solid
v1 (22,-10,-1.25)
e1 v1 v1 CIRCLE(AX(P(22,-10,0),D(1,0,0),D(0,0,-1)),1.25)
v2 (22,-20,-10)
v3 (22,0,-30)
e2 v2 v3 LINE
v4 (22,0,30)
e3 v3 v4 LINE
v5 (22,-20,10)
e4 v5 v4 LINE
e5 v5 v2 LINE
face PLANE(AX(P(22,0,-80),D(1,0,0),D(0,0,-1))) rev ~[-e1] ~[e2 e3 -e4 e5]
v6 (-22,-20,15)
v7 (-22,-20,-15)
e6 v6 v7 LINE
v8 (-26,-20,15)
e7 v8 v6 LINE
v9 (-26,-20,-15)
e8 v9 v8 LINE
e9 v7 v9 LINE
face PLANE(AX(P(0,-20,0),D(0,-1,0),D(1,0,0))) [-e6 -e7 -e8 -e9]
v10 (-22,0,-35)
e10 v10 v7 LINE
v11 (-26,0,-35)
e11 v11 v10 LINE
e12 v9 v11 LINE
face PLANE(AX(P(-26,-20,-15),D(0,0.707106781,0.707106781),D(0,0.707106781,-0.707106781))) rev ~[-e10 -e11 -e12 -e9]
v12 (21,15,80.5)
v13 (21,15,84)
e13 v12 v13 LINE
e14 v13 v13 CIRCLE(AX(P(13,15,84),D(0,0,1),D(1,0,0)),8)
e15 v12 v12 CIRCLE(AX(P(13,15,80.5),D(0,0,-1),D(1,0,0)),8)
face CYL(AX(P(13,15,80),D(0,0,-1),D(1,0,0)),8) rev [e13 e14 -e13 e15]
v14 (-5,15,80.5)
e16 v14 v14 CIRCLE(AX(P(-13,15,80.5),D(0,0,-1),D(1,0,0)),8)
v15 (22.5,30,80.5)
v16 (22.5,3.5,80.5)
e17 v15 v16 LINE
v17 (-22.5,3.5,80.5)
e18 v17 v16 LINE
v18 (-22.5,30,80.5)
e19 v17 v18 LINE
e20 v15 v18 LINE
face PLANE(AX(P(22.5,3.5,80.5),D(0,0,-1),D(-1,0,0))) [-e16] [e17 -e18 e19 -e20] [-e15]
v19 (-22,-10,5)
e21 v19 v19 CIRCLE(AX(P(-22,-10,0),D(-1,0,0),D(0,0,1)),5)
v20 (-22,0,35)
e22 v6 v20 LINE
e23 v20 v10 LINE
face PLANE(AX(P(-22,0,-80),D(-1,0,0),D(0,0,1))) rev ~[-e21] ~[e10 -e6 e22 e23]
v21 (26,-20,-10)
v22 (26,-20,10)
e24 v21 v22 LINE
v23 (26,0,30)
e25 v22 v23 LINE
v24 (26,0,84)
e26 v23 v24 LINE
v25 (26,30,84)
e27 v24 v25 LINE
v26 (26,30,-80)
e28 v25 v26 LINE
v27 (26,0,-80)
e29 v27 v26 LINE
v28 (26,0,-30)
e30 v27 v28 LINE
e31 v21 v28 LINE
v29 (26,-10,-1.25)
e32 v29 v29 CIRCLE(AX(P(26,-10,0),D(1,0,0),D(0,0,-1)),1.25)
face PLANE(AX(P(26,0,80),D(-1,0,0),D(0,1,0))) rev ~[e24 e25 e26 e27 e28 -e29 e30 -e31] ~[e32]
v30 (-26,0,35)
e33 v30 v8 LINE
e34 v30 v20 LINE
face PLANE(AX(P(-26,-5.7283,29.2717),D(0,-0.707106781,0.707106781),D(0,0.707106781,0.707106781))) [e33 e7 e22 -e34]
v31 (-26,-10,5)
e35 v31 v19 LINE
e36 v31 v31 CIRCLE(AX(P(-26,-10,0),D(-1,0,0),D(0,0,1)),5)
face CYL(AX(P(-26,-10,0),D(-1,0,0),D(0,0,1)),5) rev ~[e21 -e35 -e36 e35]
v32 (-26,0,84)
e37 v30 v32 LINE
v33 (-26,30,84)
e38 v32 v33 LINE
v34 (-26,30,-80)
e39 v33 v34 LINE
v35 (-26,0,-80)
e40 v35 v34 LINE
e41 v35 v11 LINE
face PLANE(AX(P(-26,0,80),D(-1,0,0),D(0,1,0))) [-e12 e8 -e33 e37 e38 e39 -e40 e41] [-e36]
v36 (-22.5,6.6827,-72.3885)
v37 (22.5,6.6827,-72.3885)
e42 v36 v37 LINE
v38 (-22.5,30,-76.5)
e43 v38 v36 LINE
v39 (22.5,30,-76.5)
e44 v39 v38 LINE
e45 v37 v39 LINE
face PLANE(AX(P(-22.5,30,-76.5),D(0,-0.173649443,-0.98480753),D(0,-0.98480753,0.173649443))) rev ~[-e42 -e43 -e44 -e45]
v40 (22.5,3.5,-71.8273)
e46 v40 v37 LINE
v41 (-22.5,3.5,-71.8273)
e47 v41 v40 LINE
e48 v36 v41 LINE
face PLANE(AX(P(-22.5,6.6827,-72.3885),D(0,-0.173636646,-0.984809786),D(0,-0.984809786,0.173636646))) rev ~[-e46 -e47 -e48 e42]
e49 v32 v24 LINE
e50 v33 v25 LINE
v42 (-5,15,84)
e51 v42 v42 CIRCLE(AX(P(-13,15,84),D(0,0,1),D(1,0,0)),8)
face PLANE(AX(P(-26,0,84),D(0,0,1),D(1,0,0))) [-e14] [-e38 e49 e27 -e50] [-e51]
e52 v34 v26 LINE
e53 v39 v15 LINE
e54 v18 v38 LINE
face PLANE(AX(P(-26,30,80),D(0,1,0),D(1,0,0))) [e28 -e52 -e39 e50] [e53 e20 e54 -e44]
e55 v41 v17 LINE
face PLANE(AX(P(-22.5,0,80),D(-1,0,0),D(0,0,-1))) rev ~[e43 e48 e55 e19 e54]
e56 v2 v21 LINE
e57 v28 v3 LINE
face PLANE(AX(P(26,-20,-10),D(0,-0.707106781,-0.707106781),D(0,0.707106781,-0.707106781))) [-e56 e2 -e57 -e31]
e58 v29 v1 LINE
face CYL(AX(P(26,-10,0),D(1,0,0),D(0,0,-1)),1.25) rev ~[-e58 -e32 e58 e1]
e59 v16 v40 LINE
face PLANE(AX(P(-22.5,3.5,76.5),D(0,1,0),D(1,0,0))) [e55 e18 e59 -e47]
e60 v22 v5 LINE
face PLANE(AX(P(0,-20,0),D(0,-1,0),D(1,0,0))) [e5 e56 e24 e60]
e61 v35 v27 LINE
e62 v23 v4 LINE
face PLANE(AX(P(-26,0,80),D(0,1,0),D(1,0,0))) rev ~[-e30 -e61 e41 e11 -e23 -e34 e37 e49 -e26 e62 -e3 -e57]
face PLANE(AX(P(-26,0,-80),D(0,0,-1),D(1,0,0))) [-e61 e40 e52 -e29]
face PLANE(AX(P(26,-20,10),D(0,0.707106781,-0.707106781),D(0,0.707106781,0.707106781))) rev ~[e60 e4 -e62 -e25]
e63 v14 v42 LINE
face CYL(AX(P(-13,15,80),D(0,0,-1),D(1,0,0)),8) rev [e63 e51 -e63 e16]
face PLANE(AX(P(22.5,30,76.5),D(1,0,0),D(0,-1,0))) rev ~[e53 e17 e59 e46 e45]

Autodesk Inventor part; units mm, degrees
ref_plane "YZ Plane" through (0, 0, 0) normal (1, 0, 0) x (0, 1, 0)
ref_plane "XZ Plane" through (0, 0, 0) normal (0, 1, 0) x (-1, 0, 0)
ref_plane "XY Plane" through (0, 0, 0) normal (0, 0, 1) x (1, 0, 0)
sketch "Szkic1" plane through (0, 0, 0) normal (0, 1, 0) x (-1, 0, 0)
  line L0 (-26, 80) -> (26, 80)
  line L1 (26, 80) -> (26, -80)
  line L2 (26, -80) -> (-26, -80)
  line L3 (-26, -80) -> (-26, 80)
  line L4 (-26, 80) -> (26, -80) construction
  line L5 (26, 80) -> (-26, -80) construction
  point P0 (0, 0)
  dimension "d0" = 52
  dimension "d1" = 160
extrude "Wyciągnięcie proste1" add sketch "Szkic1" along normal blind 30
shell "Skorupa1" thickness 3.5 removed faces 1 at (8.6667, 30, 26.6667)
sketch "Szkic3" plane through (-26, 0, 80) normal (0, 0, 1) x (1, 0, 0)
  line L0 (52, 0) -> (52, 30) projected
  line L1 (0, 0) -> (52, 0)
  line L2 (52, 0) -> (52, 30)
  line L3 (52, 30) -> (0, 30)
  line L4 (0, 30) -> (0, 0)
  line L5 (52, 0) -> (0, 0) projected
  line L6 (52, 30) -> (0, 30) projected
  line L7 (48.5, 0) -> (3.5, 0)
  line L8 (3.5, 0) -> (3.5, 30)
  line L9 (3.5, 30) -> (48.5, 30)
  line L10 (48.5, 30) -> (48.5, 0)
  line L11 (3.5, 25) -> (48.5, 25)
  line L12 (48.5, 25) -> (48.5, 5)
  line L13 (48.5, 5) -> (3.5, 5)
  line L14 (3.5, 5) -> (3.5, 25)
  circle A0 centre (13, 15) radius 8
  circle A1 centre (39, 15) radius 8
  point P0 (26, 0)
  point P1 (3.5, 15)
  dimension "d7" = 52
  dimension "d8" = 30
  dimension "d9" = 3.5
  dimension "d10" = 3.5
  dimension "d11" = 45
  dimension "d12" = 45
  dimension "d13" = 20
  dimension "d14" = 5
  dimension "d15" = 16
  dimension "d16" = 16
  dimension "d17" = 26
  dimension "d18" = 10
  dimension "d19" = 9.5
extrude "Wyciągnięcie proste2" cut sketch "Szkic3" against normal up to next contours A0 | A1
sketch "Szkic4" plane through (-26, 0, 80) normal (0, 0, 1) x (1, 0, 0)
  line L0 (0, 0) -> (0, 30) projected
  line L1 (0, 30) -> (52, 30) projected
  line L2 (0, 0) -> (52, 0)
  line L3 (52, 0) -> (52, 30)
  line L4 (52, 30) -> (0, 30)
  line L5 (0, 30) -> (0, 0)
  circle A0 centre (13, 15) radius 8 projected
  circle A1 centre (13, 15) radius 8
  circle A2 centre (39, 15) radius 8 projected
  circle A3 centre (39, 15) radius 8
  point P0 (26, 0)
  point P1 (47, 22.5)
extrude "Wyciągnięcie proste3" add sketch "Szkic4" along normal blind 4
sketch "Szkic8" plane through (0, 0, 0) normal (0, -1, 0) x (1, 0, 0)
  line L0 (26, 10) -> (22, 10)
  line L1 (22, 10) -> (22, -10)
  line L2 (22, -10) -> (26, -10)
  line L3 (26, -10) -> (26, 10)
  line L4 (26, -80) -> (26, 84) projected
  point P0 (0, 0)
  point P1 (26, 0)
  point P2 (26, 2)
  dimension "d46" = 20
  dimension "d47" = 4
extrude "Wyciągnięcie proste6" add sketch "Szkic8" along normal blind 20
sketch "Szkic11" plane through (0, 0, 0) normal (0, -1, 0) x (1, 0, 0)
  line L0 (-26, -80) -> (-26, 84) projected
  line L1 (-26, 15) -> (-22, 15)
  line L2 (-22, 15) -> (-22, -15)
  line L3 (-22, -15) -> (-26, -15)
  line L4 (-26, -15) -> (-26, 15)
  point P0 (0, 0)
  dimension "d55" = 4
  dimension "d56" = 30
  dimension "d57" = 15
extrude "Wyciągnięcie proste8" add sketch "Szkic11" along normal blind 20
sketch "Szkic12" plane through (-26, 0, -80) normal (-1, 0, 0) x (0, 0, 1)
  circle A0 centre (80, -10) radius 5
  line L0 (95, 0) -> (95, -20) projected
  line L1 (95, -20) -> (65, -20) projected
  point P0 (80, 0)
  dimension "d60" = 10
  dimension "d61" = 15
  dimension "d62" = 10
extrude "Wyciągnięcie proste9" cut sketch "Szkic12" against normal blind 20
sketch "Szkic13" plane through (-26, 0, -80) normal (-1, 0, 0) x (0, 0, 1)
  line L0 (95, -20) -> (65, -20) projected
  line L1 (95, -20) -> (109.2717, -5.7283)
  line L2 (95, -20) -> (115.1833, -20) construction
  line L3 (109.2717, -5.7283) -> (115, 0)
  line L4 (95, 0) -> (164, 0) projected
  line L5 (95, 0) -> (95, -20) projected
  line L6 (95, 0) -> (95, -20)
  line L7 (65, 0) -> (65, -20) projected
  line L8 (65, -20) -> (48.9371, -3.9371)
  line L9 (65, -20) -> (87.7163, -20) construction
  line L10 (48.9371, -3.9371) -> (45, 0)
  line L11 (0, 0) -> (70, 0) projected
  line L12 (95, 0) -> (65, 0) projected
  line L13 (65, 0) -> (65, -20)
  line L14 (65, 0) -> (45, 0)
  line L15 (115, 0) -> (95, 0)
  point P0 (80, 0)
  dimension "d65" = 45
  dimension "d67" = 135
extrude "Wyciągnięcie proste10" add sketch "Szkic13" against normal blind 4 contours L5 L4 L3 L1 | L8 L10 L11 L7
sketch "Szkic14" plane through (26, 0, -80) normal (1, 0, 0) x (0, 0, -1)
  line L0 (-70, -20) -> (-50, 0)
  line L1 (-70, -20) -> (-41.7157, -20) construction
  line L2 (-70, 0) -> (-70, -20) projected
  line L3 (-50, 0) -> (-70, 0)
  line L4 (-70, 0) -> (-70, -20)
  line L5 (-90, 0) -> (-90, -20) projected
  line L6 (-90, -20) -> (-110, 0)
  line L7 (-90, -20) -> (-61.7157, -20) construction
  line L8 (-110, 0) -> (-90, 0)
  line L9 (-90, 0) -> (-90, -20)
  point P0 (-80, 0)
  point P1 (-115, 0)
  point P2 (-45, 0)
  dimension "d70" = 45
  dimension "d71" = 135
extrude "Wyciągnięcie proste11" add sketch "Szkic14" against normal blind 4
sketch "Szkic15" plane through (22.5, 3.5, 76.5) normal (0, 0, -1) x (-1, 0, 0)
  line L0 (0, 26.5) -> (45, 26.5) projected
  line L1 (45, 26.5) -> (0, 26.5)
  line L2 (0, 26.5) -> (0, -1)
  line L3 (0, -1) -> (45, -1)
  line L4 (45, -1) -> (45, 26.5)
  point P0 (22.5, -3.5)
  point P1 (0, 26.5)
  dimension "d74" = 27.5
extrude "Wyciągnięcie proste12" cut sketch "Szkic15" against normal blind 4
sketch "Szkic17" plane through (-22.5, 3.5, -76.5) normal (1, 0, 0) x (0, 0, -1)
  line L0 (0, 26.5) -> (-4.1115, 3.1827)
  line L1 (0, 26.5) -> (23.677, 26.5) construction
  line L2 (-4.1115, 3.1827) -> (-5.1108, -2.485)
  line L3 (-4.6727, 0) -> (0, 0)
  line L4 (-157, 26.5) -> (0, 26.5) projected
  line L5 (0, 0) -> (0, 26.5)
  point P0 (-76.5, -3.5)
  dimension "d77" = 100
extrude "Wyciągnięcie proste13" add sketch "Szkic17" along normal blind 48
sketch "Szkic20" plane through (22.5, 3.5, 76.5) normal (0, 0, 1) x (1, 0, 0)
  line L0 (0, -1) -> (0, 26.5) projected
  line L1 (-45, 0) -> (0, 0)
  line L2 (0, 0) -> (0, -1)
  line L3 (0, -1) -> (-45, -1)
  line L4 (-45, -1) -> (-45, 0)
  point P0 (-22.5, -3.5)
extrude "Wyciągnięcie proste14" add sketch "Szkic20" along normal blind 7
sketch "Szkic25" plane through (26, 0, -80) normal (1, 0, 0) x (0, 0, -1)
  circle A0 centre (-80, -10) radius 5 projected
  circle A1 centre (-80, -10) radius 1.25
  point P0 (-80, 0)
  dimension "d84" = 2.5
extrude "Wyciągnięcie proste15" cut sketch "Szkic25" against normal up to next contours A1
equation "\"d10\" = d9"
equation "\"d14\" = -0.5 * d13 + 0.5 * d8"
equation "\"d18\" = 0.5 * d13"
